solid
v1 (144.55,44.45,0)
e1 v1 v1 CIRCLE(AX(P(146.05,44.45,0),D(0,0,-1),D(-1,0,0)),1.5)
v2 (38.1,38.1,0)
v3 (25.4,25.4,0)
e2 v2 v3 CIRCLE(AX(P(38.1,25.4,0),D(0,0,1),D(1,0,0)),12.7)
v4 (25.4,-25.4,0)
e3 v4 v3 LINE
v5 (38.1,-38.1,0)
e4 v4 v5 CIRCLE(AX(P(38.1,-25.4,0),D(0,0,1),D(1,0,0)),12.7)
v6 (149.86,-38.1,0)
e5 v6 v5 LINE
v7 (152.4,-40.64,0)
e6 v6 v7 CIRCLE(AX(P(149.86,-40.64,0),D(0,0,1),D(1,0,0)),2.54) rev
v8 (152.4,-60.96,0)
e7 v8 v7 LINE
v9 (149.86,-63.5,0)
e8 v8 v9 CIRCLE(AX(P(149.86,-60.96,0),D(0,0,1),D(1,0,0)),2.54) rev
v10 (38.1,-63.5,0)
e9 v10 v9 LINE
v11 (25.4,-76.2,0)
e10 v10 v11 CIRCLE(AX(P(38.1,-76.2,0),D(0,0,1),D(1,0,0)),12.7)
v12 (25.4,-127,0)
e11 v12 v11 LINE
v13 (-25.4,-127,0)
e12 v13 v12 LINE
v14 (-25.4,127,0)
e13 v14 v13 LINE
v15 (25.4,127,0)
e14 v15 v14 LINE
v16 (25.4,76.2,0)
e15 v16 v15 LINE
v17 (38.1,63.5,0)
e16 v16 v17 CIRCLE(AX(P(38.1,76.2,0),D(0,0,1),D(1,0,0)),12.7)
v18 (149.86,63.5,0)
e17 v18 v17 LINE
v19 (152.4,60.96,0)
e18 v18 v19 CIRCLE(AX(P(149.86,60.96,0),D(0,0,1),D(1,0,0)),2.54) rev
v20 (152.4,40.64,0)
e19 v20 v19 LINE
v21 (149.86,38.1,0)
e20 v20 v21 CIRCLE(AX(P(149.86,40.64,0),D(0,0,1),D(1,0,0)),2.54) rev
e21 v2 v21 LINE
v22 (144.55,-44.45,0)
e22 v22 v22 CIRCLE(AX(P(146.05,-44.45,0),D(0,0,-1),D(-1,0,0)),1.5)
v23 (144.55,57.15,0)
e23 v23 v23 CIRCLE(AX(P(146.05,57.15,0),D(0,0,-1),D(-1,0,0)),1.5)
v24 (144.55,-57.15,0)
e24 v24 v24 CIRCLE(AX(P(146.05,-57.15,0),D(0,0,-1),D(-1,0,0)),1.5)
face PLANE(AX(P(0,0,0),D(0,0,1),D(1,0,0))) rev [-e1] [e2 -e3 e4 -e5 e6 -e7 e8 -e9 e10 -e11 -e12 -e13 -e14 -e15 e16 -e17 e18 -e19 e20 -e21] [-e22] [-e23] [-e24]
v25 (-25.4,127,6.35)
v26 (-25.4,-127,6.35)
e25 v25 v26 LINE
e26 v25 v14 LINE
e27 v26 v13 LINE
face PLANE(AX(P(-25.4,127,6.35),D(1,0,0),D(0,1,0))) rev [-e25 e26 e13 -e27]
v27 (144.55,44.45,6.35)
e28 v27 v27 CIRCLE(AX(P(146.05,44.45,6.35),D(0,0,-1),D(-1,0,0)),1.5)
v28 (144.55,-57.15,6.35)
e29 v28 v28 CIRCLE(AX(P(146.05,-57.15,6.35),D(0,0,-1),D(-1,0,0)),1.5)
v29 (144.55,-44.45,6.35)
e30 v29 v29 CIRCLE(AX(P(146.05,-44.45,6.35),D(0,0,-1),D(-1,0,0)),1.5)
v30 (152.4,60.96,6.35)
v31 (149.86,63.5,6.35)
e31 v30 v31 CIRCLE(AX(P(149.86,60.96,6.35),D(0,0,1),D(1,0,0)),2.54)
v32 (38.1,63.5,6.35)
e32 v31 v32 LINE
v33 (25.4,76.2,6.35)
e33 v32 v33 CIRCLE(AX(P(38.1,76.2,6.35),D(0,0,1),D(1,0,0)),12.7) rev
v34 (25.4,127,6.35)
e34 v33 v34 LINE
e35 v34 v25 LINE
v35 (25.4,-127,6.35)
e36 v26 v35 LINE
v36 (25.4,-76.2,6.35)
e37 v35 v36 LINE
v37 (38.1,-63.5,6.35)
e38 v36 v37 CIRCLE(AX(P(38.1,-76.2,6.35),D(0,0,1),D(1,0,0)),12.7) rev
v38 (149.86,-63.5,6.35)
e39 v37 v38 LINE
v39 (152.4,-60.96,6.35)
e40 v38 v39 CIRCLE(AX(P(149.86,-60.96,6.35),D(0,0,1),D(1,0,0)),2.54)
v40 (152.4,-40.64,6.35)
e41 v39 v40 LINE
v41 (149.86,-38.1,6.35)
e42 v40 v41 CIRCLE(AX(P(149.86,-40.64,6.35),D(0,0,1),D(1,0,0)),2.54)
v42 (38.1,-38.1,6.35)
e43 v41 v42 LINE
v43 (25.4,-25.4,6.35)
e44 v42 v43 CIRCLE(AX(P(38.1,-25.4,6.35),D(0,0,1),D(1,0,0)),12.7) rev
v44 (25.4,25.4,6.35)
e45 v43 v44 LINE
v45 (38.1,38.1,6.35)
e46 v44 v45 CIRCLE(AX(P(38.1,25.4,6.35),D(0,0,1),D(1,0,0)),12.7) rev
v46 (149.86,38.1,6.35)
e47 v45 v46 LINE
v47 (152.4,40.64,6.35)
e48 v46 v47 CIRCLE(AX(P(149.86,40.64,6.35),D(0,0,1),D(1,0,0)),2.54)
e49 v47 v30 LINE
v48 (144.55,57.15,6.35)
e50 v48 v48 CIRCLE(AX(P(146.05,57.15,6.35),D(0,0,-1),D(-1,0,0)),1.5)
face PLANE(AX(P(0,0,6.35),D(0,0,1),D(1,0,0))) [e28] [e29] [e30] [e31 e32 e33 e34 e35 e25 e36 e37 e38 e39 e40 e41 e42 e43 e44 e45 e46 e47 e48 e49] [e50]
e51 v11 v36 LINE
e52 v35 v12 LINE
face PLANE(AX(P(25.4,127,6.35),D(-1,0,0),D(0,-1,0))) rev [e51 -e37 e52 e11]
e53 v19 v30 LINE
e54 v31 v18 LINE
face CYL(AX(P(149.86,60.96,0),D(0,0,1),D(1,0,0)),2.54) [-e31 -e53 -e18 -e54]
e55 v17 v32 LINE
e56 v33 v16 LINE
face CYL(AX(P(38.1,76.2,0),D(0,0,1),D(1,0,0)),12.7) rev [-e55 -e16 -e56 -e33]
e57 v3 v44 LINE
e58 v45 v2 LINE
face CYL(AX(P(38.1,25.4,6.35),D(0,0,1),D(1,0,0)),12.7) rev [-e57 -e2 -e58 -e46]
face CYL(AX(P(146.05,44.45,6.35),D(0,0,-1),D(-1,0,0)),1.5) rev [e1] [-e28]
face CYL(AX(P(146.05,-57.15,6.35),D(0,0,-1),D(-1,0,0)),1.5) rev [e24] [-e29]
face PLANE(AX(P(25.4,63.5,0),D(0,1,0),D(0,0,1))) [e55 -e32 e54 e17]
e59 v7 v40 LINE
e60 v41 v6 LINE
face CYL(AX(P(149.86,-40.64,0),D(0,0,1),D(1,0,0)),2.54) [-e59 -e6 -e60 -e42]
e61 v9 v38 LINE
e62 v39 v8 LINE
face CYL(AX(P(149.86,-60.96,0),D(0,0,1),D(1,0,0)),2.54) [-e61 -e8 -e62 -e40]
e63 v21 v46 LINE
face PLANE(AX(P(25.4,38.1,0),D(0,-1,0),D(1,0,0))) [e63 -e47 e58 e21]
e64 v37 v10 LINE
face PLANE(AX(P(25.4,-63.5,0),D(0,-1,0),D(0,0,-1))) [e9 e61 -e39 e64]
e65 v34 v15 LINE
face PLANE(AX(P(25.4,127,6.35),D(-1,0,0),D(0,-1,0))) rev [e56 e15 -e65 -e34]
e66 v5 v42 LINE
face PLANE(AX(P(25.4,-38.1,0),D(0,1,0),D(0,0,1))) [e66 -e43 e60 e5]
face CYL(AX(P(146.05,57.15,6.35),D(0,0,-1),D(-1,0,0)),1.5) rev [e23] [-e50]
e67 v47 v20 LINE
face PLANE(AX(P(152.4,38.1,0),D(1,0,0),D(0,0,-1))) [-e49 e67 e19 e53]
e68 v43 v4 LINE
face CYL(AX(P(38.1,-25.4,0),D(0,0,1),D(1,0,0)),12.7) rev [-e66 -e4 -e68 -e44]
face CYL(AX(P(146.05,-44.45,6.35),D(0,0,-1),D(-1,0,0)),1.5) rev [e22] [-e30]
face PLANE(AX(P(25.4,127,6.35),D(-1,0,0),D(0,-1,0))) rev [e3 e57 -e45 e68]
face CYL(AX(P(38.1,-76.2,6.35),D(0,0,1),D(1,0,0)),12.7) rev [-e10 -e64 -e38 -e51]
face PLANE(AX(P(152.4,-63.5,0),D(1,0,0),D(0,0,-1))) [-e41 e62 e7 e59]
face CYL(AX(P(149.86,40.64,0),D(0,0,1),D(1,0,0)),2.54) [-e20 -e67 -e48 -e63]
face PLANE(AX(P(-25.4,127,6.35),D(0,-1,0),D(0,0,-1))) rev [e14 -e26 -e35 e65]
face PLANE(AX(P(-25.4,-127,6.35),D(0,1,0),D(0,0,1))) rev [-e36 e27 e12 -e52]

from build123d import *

# Parameters (mm, degrees)
ESQUISSE1_W             = 50.8
ESQUISSE1_H             = 254
BOSS_EXTRU_1_DEPTH      = 6.35
ESQUISSE2_W             = 127
ESQUISSE2_H             = 25.4
BOSS_EXTRU_2_DEPTH      = 6.35
CONG_1_R                = 12.7
CONG_2_R                = 2.54
ESQUISSE3_R             = 1.5
ENL_V_MAT_EXTRU_1_DEPTH = 199.481945023


with BuildPart() as part:
    # Esquisse1 → Boss.-Extru.1 (new body)
    with BuildSketch(Plane.XY):
        Rectangle(ESQUISSE1_W, ESQUISSE1_H)
    extrude(amount=BOSS_EXTRU_1_DEPTH)

    # Esquisse2 → Boss.-Extru.2 (add)
    with BuildSketch(Plane.XY.offset(6.35)):
        with Locations((88.9, -50.8)):
            Rectangle(ESQUISSE2_W, ESQUISSE2_H)
        with Locations((88.9, 50.8)):
            Rectangle(ESQUISSE2_W, ESQUISSE2_H)
    extrude(amount=-BOSS_EXTRU_2_DEPTH)

    # Congé1
    cong_1_edges = [part.edges().sort_by_distance(p)[0] for p in [
        (25.4, -63.5, 3.175),
        (25.4, -38.1, 3.175),
        (25.4, 38.1, 3.175),
        (25.4, 63.5, 3.175),
    ]]
    fillet(cong_1_edges, radius=CONG_1_R)

    # Congé2
    cong_2_edges = [part.edges().sort_by_distance(p)[0] for p in [
        (152.4, -38.1, 3.175),
        (152.4, -63.5, 3.175),
        (152.4, 63.5, 3.175),
        (152.4, 38.1, 3.175),
    ]]
    fillet(cong_2_edges, radius=CONG_2_R)

    # Esquisse3 → Enlèv. mat.-Extru.1 (cut, through all)
    with BuildSketch(Plane(origin=(0, 0, 0), x_dir=(-1, 0, 0), z_dir=(0, 0, -1))):
        with Locations((-146.05, 57.15)):
            Circle(ESQUISSE3_R)
        with Locations((-146.05, 44.45)):
            Circle(ESQUISSE3_R)
        with Locations((-146.05, -44.45)):
            Circle(ESQUISSE3_R)
        with Locations((-146.05, -57.15)):
            Circle(ESQUISSE3_R)
    extrude(amount=-ENL_V_MAT_EXTRU_1_DEPTH, mode=Mode.SUBTRACT)


solid = part.part
